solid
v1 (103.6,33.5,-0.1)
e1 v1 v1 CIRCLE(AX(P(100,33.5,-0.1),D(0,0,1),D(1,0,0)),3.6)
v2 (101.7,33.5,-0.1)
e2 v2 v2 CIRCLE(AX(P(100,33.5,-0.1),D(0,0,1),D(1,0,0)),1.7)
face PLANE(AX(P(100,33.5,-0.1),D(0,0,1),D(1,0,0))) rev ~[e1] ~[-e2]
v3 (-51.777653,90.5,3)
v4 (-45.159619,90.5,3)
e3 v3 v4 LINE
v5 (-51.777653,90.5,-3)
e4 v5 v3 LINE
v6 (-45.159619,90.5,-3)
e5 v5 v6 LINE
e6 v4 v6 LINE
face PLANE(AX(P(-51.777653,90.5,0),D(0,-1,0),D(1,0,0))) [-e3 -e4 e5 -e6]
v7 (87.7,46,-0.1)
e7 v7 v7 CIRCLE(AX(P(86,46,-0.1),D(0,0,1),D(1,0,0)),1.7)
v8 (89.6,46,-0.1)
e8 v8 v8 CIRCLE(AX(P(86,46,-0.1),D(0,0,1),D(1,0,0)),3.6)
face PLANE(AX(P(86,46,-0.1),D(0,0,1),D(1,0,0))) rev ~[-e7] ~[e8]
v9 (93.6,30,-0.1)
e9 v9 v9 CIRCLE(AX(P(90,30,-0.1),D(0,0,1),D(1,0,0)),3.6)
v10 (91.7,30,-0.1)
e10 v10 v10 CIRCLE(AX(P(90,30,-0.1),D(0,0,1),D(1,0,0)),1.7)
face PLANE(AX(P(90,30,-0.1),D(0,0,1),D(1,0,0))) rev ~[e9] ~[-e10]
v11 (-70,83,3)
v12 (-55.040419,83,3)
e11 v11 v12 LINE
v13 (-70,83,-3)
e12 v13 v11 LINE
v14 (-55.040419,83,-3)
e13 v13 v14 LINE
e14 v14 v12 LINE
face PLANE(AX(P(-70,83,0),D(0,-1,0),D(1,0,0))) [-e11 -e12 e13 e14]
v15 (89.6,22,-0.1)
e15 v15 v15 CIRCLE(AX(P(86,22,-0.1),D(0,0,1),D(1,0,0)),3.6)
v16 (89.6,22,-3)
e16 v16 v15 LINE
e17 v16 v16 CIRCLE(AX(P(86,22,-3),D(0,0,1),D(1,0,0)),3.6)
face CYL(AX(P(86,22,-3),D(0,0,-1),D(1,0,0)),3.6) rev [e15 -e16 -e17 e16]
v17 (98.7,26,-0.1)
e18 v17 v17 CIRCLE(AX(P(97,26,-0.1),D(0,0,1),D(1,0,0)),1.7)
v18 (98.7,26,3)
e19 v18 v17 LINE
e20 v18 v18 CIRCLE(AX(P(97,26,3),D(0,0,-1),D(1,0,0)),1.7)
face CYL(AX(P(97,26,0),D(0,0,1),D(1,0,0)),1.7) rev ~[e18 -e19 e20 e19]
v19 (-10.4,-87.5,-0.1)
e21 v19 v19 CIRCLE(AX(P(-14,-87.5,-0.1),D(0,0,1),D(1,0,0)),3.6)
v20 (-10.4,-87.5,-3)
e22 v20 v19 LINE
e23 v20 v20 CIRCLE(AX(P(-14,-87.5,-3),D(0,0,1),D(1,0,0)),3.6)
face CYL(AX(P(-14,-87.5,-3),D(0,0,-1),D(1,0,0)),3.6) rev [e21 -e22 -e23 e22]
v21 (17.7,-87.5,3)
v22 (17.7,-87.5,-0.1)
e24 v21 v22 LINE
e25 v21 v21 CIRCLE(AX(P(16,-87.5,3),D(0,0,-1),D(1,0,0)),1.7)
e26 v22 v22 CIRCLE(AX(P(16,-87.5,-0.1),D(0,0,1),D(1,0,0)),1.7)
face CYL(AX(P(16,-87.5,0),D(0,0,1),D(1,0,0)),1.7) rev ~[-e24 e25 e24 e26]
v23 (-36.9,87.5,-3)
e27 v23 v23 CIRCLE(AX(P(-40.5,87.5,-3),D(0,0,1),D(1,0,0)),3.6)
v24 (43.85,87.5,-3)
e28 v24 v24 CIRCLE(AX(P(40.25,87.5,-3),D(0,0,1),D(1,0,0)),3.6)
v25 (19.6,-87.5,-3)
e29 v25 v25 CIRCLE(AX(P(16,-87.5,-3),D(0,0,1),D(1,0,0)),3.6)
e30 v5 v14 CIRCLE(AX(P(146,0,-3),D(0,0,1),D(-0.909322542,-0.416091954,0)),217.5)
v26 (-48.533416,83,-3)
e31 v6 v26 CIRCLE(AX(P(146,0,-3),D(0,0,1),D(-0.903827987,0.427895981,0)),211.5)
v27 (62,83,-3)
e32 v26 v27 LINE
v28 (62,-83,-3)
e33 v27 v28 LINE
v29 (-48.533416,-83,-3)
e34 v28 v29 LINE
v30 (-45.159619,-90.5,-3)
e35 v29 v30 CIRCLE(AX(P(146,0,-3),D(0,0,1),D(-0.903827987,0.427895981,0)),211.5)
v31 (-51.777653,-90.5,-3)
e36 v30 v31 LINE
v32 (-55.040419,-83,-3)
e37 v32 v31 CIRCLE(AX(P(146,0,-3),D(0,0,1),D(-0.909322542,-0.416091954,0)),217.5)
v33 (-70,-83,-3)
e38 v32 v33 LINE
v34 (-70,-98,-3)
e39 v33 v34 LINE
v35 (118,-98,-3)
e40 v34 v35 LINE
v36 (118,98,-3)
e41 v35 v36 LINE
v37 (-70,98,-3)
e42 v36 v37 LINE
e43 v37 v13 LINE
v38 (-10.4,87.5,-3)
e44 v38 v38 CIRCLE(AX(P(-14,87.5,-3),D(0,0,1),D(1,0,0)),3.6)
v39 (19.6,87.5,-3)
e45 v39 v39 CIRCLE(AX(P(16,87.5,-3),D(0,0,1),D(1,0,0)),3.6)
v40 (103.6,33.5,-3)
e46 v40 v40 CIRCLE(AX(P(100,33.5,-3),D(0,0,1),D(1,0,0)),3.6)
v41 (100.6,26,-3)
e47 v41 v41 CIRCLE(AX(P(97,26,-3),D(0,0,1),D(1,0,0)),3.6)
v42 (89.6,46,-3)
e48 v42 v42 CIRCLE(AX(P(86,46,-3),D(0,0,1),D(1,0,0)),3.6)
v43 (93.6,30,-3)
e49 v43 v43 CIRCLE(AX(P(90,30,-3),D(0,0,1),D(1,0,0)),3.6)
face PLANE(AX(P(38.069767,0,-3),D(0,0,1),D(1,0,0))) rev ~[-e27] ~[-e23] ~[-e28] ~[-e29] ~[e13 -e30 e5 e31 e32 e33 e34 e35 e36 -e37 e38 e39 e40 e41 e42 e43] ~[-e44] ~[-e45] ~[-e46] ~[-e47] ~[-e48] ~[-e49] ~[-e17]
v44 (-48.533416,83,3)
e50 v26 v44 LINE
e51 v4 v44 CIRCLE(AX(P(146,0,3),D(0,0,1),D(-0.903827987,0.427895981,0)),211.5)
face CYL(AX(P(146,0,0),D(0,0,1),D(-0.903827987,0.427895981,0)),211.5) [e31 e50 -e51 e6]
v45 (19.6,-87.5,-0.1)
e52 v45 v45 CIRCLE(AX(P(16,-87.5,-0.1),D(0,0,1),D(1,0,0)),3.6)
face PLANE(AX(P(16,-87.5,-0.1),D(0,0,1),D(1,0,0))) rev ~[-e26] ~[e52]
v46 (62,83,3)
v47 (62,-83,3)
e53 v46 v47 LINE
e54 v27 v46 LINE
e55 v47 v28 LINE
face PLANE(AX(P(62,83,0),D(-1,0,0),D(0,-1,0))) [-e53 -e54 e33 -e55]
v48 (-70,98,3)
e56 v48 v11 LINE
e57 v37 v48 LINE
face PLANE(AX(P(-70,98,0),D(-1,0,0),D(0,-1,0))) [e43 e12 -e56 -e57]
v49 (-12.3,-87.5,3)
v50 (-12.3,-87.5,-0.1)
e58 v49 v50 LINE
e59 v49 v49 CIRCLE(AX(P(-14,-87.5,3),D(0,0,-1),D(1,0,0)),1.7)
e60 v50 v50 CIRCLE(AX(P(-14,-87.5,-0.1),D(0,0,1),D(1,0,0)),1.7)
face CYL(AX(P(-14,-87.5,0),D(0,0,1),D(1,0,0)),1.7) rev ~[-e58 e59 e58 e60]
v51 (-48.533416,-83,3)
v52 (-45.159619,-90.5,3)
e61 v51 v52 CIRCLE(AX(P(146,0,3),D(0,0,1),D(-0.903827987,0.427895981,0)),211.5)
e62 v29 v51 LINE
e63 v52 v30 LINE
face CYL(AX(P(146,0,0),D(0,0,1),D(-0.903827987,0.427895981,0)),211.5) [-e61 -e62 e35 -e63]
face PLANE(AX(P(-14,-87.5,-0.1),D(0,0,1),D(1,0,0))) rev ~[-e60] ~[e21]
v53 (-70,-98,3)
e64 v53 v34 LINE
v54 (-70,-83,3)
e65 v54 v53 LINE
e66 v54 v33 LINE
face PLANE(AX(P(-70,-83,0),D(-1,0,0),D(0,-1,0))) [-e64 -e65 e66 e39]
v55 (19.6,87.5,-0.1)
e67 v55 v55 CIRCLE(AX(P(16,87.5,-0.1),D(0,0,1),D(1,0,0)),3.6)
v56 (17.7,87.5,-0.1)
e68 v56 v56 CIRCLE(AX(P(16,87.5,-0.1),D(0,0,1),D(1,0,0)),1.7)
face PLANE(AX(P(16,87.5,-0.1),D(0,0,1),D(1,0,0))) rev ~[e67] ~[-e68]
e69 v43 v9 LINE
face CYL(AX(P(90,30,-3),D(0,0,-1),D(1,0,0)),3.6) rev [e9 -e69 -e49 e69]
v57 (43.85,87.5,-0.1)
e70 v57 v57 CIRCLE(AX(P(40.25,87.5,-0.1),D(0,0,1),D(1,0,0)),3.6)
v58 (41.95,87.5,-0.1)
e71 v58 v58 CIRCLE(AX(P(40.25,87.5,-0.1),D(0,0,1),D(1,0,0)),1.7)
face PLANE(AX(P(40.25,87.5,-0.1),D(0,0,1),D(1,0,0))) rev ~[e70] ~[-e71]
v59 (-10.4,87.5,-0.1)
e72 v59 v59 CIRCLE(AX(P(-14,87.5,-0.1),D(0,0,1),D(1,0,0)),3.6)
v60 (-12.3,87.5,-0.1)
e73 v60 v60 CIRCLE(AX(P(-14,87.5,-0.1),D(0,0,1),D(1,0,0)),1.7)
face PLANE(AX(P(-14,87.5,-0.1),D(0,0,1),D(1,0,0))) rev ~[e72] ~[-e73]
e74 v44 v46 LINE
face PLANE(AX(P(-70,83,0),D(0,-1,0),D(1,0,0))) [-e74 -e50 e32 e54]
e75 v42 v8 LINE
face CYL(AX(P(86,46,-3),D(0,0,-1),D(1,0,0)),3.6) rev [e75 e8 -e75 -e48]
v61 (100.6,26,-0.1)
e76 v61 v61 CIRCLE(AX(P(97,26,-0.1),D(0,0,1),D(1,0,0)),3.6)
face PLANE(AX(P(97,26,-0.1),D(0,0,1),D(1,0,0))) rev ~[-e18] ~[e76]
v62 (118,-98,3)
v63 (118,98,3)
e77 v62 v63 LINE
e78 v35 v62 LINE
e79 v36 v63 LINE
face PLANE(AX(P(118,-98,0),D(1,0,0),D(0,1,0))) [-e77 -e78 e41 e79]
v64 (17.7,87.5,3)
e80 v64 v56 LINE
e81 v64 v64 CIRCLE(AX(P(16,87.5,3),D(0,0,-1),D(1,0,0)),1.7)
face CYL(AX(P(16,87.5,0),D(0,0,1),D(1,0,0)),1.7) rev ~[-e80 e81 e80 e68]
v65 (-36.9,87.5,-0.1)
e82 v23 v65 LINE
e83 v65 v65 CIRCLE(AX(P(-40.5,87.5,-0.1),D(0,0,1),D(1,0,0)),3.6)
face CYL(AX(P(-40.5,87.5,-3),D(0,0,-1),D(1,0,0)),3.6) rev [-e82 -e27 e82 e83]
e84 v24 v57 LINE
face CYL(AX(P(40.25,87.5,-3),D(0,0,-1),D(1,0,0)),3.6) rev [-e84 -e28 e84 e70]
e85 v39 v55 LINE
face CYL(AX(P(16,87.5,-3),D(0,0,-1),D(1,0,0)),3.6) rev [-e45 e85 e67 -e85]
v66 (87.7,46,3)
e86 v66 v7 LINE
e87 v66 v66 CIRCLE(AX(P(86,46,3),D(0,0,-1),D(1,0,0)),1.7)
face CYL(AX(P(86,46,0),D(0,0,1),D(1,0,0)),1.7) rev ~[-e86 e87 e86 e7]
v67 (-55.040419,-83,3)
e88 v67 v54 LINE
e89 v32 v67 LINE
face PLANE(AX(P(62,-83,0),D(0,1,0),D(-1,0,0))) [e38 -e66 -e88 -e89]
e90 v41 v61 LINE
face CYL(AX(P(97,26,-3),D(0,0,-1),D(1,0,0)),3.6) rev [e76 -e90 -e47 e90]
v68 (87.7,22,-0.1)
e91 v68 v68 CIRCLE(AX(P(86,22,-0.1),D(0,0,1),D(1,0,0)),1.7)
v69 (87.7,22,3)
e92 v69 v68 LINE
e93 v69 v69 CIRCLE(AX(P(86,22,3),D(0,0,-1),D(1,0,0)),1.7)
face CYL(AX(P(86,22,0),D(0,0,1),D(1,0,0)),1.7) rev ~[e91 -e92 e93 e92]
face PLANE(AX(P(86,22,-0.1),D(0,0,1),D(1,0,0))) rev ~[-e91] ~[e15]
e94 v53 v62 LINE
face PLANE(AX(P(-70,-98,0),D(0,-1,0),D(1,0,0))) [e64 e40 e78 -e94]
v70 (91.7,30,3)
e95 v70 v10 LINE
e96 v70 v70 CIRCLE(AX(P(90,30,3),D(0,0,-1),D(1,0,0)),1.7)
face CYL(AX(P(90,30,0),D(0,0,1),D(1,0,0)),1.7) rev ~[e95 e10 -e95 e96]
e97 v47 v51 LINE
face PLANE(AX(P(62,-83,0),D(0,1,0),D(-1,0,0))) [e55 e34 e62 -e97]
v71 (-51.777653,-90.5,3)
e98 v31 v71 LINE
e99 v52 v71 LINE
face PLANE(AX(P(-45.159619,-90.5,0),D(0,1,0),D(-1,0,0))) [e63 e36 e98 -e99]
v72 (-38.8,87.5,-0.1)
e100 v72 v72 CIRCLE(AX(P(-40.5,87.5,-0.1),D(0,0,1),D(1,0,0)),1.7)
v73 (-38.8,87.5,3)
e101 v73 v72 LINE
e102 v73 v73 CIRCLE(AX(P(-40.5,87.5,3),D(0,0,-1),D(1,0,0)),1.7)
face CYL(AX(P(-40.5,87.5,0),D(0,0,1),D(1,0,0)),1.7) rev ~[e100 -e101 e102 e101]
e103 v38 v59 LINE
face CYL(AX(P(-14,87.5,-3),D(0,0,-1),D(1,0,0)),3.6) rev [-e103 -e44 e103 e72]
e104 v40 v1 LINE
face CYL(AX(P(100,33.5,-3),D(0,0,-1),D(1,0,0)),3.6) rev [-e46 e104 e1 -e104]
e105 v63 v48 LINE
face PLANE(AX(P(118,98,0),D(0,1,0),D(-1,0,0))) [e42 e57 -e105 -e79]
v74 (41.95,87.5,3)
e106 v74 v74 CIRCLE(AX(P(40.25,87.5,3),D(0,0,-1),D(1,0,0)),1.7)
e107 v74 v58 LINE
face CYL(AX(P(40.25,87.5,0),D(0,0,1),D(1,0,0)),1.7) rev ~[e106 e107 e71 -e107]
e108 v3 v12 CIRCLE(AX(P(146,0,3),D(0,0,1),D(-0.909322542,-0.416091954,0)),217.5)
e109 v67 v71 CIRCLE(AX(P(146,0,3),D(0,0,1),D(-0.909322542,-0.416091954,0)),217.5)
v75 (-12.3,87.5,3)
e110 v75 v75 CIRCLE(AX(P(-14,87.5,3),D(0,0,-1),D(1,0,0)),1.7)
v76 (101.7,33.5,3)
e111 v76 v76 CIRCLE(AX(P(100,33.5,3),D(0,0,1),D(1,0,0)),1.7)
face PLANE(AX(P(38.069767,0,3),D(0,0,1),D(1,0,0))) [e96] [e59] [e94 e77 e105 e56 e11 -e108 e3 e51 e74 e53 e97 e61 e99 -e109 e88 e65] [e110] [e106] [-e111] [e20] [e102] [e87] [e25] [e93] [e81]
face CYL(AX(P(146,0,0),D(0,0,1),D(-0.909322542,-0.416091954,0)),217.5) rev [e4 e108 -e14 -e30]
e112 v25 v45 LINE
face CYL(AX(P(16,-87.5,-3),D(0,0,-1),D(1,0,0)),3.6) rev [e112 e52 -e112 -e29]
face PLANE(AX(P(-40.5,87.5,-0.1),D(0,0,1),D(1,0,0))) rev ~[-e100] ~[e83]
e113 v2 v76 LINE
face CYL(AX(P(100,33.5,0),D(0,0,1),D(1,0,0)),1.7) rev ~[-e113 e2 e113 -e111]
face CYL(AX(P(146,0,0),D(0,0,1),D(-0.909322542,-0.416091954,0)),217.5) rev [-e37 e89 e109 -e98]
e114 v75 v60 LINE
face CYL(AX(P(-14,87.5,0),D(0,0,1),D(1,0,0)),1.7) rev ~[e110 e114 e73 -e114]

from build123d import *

# Parameters (mm, degrees)
BENCH_FRAME_EXTRUDE_DEPTH    = 3
CURVED_PANEL_CLEARANCE_DEPTH = 4
POD_FOOT_CLEARANCE_SKETCH_R  = 1.7
POD_FOOT_THROUGH_HOLES_DEPTH = 4
FOOT_COUNTERBORE_SKETCH_R    = 3.6
FOOT_COUNTERBORES_DEPTH      = 2.9


with BuildPart() as part:
    # Bench Frame Sketch → Bench Frame Extrude (new, symmetric)
    with BuildSketch(Plane.XY):
        Polygon((-70, -98), (118, -98), (118, 98), (-70, 98), (-70, 83), (62, 83), (62, -83), (-70, -83), align=None)
    extrude(amount=BENCH_FRAME_EXTRUDE_DEPTH, both=True)

    # Curved Panel Clearance Sketch → Curved Panel Clearance (cut, symmetric)
    with BuildSketch(Plane.XY):
        with BuildLine():
            Line((-51.777652934, 90.5), (-45.159619167, 90.5))
            ThreePointArc((-45.159619167, 90.5), (-65.5, 0), (-45.159619167, -90.5))
            Line((-45.159619167, -90.5), (-51.777652934, -90.5))
            ThreePointArc((-51.777652934, -90.5), (-71.5, 0), (-51.777652934, 90.5))
        make_face()
    extrude(amount=CURVED_PANEL_CLEARANCE_DEPTH, both=True, mode=Mode.SUBTRACT)

    # Pod Foot Clearance Sketch → Pod Foot Through Holes (cut, symmetric)
    with BuildSketch(Plane.XY):
        with Locations((-14, -87.5)):
            Circle(POD_FOOT_CLEARANCE_SKETCH_R)
        with Locations((16, -87.5)):
            Circle(POD_FOOT_CLEARANCE_SKETCH_R)
        with Locations((-14, 87.5)):
            Circle(POD_FOOT_CLEARANCE_SKETCH_R)
        with Locations((16, 87.5)):
            Circle(POD_FOOT_CLEARANCE_SKETCH_R)
        with Locations((40.25, 87.5)):
            Circle(POD_FOOT_CLEARANCE_SKETCH_R)
        with Locations((-40.5, 87.5)):
            Circle(POD_FOOT_CLEARANCE_SKETCH_R)
        with Locations((86, 22)):
            Circle(POD_FOOT_CLEARANCE_SKETCH_R)
        with Locations((86, 46)):
            Circle(POD_FOOT_CLEARANCE_SKETCH_R)
        with Locations((90, 30)):
            Circle(POD_FOOT_CLEARANCE_SKETCH_R)
        with Locations((97, 26)):
            Circle(POD_FOOT_CLEARANCE_SKETCH_R)
        with Locations((100, 33.5)):
            Circle(POD_FOOT_CLEARANCE_SKETCH_R)
    extrude(amount=POD_FOOT_THROUGH_HOLES_DEPTH, both=True, mode=Mode.SUBTRACT)

    # Foot Counterbore Sketch → Foot Counterbores (cut)
    with BuildSketch(Plane.XY.offset(-3)):
        with Locations((-14, -87.5)):
            Circle(FOOT_COUNTERBORE_SKETCH_R)
        with Locations((16, -87.5)):
            Circle(FOOT_COUNTERBORE_SKETCH_R)
        with Locations((-14, 87.5)):
            Circle(FOOT_COUNTERBORE_SKETCH_R)
        with Locations((16, 87.5)):
            Circle(FOOT_COUNTERBORE_SKETCH_R)
        with Locations((40.25, 87.5)):
            Circle(FOOT_COUNTERBORE_SKETCH_R)
        with Locations((-40.5, 87.5)):
            Circle(FOOT_COUNTERBORE_SKETCH_R)
        with Locations((86, 22)):
            Circle(FOOT_COUNTERBORE_SKETCH_R)
        with Locations((86, 46)):
            Circle(FOOT_COUNTERBORE_SKETCH_R)
        with Locations((90, 30)):
            Circle(FOOT_COUNTERBORE_SKETCH_R)
        with Locations((97, 26)):
            Circle(FOOT_COUNTERBORE_SKETCH_R)
        with Locations((100, 33.5)):
            Circle(FOOT_COUNTERBORE_SKETCH_R)
    extrude(amount=FOOT_COUNTERBORES_DEPTH, mode=Mode.SUBTRACT)


solid = part.part
